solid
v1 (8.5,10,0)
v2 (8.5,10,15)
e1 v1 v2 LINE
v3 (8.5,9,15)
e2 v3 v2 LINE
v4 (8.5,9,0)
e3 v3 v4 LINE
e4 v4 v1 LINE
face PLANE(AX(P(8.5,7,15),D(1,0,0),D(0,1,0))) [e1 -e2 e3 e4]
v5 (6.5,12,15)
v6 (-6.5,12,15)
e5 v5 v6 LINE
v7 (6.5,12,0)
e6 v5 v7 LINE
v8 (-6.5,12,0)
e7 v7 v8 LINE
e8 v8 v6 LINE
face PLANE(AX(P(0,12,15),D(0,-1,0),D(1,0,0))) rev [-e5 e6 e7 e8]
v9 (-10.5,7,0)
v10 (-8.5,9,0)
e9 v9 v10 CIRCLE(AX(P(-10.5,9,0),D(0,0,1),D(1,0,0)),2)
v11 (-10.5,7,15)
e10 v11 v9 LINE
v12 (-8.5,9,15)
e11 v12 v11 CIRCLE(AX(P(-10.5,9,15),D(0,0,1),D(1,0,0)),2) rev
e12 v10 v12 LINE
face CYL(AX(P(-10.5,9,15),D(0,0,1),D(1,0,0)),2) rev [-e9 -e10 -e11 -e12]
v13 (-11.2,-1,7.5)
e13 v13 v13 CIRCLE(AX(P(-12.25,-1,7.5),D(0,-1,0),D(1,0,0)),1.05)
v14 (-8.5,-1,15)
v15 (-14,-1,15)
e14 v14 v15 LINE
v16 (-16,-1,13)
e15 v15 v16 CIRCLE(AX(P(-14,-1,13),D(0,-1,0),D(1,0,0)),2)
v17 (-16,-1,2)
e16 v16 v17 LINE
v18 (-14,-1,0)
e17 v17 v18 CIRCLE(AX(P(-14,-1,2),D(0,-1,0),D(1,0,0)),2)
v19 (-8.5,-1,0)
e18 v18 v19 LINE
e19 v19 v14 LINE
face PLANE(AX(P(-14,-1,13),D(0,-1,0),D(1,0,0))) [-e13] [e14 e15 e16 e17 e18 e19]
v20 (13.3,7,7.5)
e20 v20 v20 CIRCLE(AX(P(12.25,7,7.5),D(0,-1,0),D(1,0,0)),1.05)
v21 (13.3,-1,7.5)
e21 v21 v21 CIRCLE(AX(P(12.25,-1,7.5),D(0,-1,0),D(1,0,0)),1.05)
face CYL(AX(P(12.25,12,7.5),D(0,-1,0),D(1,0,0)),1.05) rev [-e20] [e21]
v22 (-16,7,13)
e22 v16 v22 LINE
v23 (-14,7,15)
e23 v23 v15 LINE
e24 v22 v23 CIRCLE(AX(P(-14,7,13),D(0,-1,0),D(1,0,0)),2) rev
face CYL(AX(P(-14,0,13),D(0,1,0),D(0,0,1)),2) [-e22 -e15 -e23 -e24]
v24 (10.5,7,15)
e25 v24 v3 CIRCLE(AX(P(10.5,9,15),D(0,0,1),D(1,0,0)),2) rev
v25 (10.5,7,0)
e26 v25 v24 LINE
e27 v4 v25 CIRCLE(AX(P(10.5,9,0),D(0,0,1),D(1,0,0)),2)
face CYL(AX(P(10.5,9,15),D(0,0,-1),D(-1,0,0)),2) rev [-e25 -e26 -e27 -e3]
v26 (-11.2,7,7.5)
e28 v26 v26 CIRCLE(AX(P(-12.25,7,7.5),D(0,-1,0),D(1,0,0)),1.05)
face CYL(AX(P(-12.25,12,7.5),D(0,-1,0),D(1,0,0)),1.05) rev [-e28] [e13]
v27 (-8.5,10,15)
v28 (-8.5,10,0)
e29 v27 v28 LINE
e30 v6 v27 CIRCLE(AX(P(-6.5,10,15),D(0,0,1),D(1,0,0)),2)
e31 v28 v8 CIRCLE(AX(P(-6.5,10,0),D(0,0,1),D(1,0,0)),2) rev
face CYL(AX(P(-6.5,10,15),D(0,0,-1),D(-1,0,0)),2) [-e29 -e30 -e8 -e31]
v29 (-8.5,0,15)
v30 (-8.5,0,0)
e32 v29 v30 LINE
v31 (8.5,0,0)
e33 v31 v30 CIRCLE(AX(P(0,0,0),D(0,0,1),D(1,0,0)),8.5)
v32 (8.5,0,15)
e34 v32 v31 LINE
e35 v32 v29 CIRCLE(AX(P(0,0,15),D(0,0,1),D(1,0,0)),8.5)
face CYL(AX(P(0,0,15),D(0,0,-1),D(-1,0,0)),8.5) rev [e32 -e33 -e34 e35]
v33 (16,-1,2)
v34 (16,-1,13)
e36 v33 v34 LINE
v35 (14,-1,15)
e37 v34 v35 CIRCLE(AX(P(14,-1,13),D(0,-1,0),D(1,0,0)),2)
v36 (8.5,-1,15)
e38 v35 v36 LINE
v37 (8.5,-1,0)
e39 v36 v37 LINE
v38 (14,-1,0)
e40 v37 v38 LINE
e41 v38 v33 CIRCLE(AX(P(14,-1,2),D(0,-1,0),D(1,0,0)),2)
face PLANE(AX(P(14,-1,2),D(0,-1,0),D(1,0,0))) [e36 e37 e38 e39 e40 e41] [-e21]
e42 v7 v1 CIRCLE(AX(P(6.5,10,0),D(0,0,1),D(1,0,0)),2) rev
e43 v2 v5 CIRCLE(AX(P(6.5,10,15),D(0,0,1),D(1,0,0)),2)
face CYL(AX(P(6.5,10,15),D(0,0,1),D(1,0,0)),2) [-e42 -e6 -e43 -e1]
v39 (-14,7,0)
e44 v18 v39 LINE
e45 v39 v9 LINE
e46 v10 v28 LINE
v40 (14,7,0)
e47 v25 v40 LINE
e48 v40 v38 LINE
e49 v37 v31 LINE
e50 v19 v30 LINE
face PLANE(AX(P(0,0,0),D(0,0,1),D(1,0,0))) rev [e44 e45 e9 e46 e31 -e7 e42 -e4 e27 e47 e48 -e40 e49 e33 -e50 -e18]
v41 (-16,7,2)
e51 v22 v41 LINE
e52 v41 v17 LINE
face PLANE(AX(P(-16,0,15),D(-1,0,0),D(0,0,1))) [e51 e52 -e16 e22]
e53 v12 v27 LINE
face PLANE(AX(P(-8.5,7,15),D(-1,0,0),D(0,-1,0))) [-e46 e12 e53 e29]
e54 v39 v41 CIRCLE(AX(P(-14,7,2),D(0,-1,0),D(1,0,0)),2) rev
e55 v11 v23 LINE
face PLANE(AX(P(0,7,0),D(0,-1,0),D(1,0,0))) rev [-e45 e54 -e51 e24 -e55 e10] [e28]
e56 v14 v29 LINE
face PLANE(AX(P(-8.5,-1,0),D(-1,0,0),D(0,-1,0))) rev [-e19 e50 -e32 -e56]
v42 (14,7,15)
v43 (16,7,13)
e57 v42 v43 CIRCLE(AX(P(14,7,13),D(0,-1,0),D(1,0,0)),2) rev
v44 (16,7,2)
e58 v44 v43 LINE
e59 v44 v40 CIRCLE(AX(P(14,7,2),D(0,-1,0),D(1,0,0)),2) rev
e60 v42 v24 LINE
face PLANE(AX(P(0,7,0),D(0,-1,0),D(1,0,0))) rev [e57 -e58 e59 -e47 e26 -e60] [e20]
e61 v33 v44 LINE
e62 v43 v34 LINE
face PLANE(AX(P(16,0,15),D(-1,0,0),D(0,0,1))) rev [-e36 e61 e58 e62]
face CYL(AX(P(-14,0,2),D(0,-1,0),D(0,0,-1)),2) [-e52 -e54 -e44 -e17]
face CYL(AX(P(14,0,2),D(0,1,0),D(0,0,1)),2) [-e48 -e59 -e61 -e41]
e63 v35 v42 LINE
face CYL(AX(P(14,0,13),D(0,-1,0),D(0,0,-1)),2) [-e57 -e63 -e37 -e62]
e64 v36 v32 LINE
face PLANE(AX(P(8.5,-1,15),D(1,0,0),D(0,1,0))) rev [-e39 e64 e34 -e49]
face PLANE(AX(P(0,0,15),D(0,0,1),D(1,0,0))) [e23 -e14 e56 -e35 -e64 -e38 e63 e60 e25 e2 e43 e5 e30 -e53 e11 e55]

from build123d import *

# Parameters (mm, degrees)
BOSS_EXTRUDE1_DEPTH     = 15
CUT_EXTRUDE1_DEPTH      = 26
CUT_EXTRUDE1_DEPTH_BACK = 26
SKETCH2_R               = 1.05
FILLET1_R               = 2
CUT_EXTRUDE2_START      = -7
SKETCH2_3_W             = 7.5
SKETCH2_3_H             = 15
SKETCH2_3_R             = 1.05
CUT_EXTRUDE2_DEPTH      = 5
FILLET2_R               = 2
BOSS_EXTRUDE2_START     = 1
SKETCH3_R               = 1.05
BOSS_EXTRUDE2_DEPTH     = 1


with BuildPart() as part:
    # Sketch1 → Boss-Extrude1 (new body)
    with BuildSketch(Plane.XY):
        with BuildLine():
            Line((-16, 12), (-16, 0))
            Line((-16, 0), (-8.5, 0))
            ThreePointArc((-8.5, 0), (0, 8.5), (8.5, 0))
            Line((8.5, 0), (16, 0))
            Line((16, 0), (16, 12))
            Line((16, 12), (-16, 12))
        make_face()
    extrude(amount=BOSS_EXTRUDE1_DEPTH)

    # Sketch2 → Cut-Extrude1 (cut, two sides: drawn at the far end of the back side and taken through both)
    with BuildSketch(Plane.XZ.offset(-CUT_EXTRUDE1_DEPTH_BACK)):
        with Locations((-12.25, 7.5)):
            Circle(SKETCH2_R)
        with Locations(Location((12.25, 7.5, 0), (0, 0, 180))):
            Circle(SKETCH2_R)
    extrude(amount=CUT_EXTRUDE1_DEPTH + CUT_EXTRUDE1_DEPTH_BACK, mode=Mode.SUBTRACT)

    # Fillet1
    fillet1_edges = [part.edges().sort_by_distance(p)[0] for p in [
        (16, 6, 15),
        (-16, 6, 15),
        (-16, 6, 0),
        (16, 6, 0),
    ]]
    fillet(fillet1_edges, radius=FILLET1_R)

    # Sketch2<3> → Cut-Extrude2 (cut)
    # profile 1 of 2: a face of its own
    with BuildSketch(Plane.XZ.offset(CUT_EXTRUDE2_START)):
        with Locations((-12.25, 7.5)):
            Rectangle(SKETCH2_3_W, SKETCH2_3_H)
        with Locations((-12.25, 7.5)):
            Circle(SKETCH2_3_R, mode=Mode.SUBTRACT)
    # profile 2 of 2: a face of its own
    with BuildSketch(Plane.XZ.offset(CUT_EXTRUDE2_START)):
        with Locations((12.25, 7.5)):
            Rectangle(SKETCH2_3_W, SKETCH2_3_H)
        with Locations((12.25, 7.5)):
            Circle(SKETCH2_3_R, mode=Mode.SUBTRACT)
    extrude(amount=-CUT_EXTRUDE2_DEPTH, mode=Mode.SUBTRACT)

    # Fillet2
    fillet2_edges = [part.edges().sort_by_distance(p)[0] for p in [
        (-8.5, 7, 7.5),
        (-8.5, 12, 7.5),
        (8.5, 7, 7.5),
        (8.5, 12, 7.5),
    ]]
    fillet(fillet2_edges, radius=FILLET2_R)

    # Sketch3 → Boss-Extrude2 (add)
    # profile 1 of 2: a face of its own
    with BuildSketch(Plane.XZ.offset(BOSS_EXTRUDE2_START)):
        with BuildLine():
            Line((-16, 13), (-16, 2))
            ThreePointArc((-16, 2), (-15.414213562, 0.585786438), (-14, 0))
            Line((-14, 0), (-8.5, 0))
            Line((-8.5, 0), (-8.5, 15))
            Line((-8.5, 15), (-14, 15))
            ThreePointArc((-14, 15), (-15.414213562, 14.414213562), (-16, 13))
        make_face()
        with Locations((-12.25, 7.5)):
            Circle(SKETCH3_R, mode=Mode.SUBTRACT)
    # profile 2 of 2: a face of its own
    with BuildSketch(Plane.XZ.offset(BOSS_EXTRUDE2_START)):
        with BuildLine():
            Line((16, 2), (16, 13))
            ThreePointArc((16, 13), (15.414213562, 14.414213562), (14, 15))
            Line((14, 15), (8.5, 15))
            Line((8.5, 15), (8.5, 0))
            Line((8.5, 0), (14, 0))
            ThreePointArc((14, 0), (15.414213562, 0.585786438), (16, 2))
        make_face()
        with Locations((12.25, 7.5)):
            Circle(SKETCH3_R, mode=Mode.SUBTRACT)
    extrude(amount=-BOSS_EXTRUDE2_DEPTH)


solid = part.part
